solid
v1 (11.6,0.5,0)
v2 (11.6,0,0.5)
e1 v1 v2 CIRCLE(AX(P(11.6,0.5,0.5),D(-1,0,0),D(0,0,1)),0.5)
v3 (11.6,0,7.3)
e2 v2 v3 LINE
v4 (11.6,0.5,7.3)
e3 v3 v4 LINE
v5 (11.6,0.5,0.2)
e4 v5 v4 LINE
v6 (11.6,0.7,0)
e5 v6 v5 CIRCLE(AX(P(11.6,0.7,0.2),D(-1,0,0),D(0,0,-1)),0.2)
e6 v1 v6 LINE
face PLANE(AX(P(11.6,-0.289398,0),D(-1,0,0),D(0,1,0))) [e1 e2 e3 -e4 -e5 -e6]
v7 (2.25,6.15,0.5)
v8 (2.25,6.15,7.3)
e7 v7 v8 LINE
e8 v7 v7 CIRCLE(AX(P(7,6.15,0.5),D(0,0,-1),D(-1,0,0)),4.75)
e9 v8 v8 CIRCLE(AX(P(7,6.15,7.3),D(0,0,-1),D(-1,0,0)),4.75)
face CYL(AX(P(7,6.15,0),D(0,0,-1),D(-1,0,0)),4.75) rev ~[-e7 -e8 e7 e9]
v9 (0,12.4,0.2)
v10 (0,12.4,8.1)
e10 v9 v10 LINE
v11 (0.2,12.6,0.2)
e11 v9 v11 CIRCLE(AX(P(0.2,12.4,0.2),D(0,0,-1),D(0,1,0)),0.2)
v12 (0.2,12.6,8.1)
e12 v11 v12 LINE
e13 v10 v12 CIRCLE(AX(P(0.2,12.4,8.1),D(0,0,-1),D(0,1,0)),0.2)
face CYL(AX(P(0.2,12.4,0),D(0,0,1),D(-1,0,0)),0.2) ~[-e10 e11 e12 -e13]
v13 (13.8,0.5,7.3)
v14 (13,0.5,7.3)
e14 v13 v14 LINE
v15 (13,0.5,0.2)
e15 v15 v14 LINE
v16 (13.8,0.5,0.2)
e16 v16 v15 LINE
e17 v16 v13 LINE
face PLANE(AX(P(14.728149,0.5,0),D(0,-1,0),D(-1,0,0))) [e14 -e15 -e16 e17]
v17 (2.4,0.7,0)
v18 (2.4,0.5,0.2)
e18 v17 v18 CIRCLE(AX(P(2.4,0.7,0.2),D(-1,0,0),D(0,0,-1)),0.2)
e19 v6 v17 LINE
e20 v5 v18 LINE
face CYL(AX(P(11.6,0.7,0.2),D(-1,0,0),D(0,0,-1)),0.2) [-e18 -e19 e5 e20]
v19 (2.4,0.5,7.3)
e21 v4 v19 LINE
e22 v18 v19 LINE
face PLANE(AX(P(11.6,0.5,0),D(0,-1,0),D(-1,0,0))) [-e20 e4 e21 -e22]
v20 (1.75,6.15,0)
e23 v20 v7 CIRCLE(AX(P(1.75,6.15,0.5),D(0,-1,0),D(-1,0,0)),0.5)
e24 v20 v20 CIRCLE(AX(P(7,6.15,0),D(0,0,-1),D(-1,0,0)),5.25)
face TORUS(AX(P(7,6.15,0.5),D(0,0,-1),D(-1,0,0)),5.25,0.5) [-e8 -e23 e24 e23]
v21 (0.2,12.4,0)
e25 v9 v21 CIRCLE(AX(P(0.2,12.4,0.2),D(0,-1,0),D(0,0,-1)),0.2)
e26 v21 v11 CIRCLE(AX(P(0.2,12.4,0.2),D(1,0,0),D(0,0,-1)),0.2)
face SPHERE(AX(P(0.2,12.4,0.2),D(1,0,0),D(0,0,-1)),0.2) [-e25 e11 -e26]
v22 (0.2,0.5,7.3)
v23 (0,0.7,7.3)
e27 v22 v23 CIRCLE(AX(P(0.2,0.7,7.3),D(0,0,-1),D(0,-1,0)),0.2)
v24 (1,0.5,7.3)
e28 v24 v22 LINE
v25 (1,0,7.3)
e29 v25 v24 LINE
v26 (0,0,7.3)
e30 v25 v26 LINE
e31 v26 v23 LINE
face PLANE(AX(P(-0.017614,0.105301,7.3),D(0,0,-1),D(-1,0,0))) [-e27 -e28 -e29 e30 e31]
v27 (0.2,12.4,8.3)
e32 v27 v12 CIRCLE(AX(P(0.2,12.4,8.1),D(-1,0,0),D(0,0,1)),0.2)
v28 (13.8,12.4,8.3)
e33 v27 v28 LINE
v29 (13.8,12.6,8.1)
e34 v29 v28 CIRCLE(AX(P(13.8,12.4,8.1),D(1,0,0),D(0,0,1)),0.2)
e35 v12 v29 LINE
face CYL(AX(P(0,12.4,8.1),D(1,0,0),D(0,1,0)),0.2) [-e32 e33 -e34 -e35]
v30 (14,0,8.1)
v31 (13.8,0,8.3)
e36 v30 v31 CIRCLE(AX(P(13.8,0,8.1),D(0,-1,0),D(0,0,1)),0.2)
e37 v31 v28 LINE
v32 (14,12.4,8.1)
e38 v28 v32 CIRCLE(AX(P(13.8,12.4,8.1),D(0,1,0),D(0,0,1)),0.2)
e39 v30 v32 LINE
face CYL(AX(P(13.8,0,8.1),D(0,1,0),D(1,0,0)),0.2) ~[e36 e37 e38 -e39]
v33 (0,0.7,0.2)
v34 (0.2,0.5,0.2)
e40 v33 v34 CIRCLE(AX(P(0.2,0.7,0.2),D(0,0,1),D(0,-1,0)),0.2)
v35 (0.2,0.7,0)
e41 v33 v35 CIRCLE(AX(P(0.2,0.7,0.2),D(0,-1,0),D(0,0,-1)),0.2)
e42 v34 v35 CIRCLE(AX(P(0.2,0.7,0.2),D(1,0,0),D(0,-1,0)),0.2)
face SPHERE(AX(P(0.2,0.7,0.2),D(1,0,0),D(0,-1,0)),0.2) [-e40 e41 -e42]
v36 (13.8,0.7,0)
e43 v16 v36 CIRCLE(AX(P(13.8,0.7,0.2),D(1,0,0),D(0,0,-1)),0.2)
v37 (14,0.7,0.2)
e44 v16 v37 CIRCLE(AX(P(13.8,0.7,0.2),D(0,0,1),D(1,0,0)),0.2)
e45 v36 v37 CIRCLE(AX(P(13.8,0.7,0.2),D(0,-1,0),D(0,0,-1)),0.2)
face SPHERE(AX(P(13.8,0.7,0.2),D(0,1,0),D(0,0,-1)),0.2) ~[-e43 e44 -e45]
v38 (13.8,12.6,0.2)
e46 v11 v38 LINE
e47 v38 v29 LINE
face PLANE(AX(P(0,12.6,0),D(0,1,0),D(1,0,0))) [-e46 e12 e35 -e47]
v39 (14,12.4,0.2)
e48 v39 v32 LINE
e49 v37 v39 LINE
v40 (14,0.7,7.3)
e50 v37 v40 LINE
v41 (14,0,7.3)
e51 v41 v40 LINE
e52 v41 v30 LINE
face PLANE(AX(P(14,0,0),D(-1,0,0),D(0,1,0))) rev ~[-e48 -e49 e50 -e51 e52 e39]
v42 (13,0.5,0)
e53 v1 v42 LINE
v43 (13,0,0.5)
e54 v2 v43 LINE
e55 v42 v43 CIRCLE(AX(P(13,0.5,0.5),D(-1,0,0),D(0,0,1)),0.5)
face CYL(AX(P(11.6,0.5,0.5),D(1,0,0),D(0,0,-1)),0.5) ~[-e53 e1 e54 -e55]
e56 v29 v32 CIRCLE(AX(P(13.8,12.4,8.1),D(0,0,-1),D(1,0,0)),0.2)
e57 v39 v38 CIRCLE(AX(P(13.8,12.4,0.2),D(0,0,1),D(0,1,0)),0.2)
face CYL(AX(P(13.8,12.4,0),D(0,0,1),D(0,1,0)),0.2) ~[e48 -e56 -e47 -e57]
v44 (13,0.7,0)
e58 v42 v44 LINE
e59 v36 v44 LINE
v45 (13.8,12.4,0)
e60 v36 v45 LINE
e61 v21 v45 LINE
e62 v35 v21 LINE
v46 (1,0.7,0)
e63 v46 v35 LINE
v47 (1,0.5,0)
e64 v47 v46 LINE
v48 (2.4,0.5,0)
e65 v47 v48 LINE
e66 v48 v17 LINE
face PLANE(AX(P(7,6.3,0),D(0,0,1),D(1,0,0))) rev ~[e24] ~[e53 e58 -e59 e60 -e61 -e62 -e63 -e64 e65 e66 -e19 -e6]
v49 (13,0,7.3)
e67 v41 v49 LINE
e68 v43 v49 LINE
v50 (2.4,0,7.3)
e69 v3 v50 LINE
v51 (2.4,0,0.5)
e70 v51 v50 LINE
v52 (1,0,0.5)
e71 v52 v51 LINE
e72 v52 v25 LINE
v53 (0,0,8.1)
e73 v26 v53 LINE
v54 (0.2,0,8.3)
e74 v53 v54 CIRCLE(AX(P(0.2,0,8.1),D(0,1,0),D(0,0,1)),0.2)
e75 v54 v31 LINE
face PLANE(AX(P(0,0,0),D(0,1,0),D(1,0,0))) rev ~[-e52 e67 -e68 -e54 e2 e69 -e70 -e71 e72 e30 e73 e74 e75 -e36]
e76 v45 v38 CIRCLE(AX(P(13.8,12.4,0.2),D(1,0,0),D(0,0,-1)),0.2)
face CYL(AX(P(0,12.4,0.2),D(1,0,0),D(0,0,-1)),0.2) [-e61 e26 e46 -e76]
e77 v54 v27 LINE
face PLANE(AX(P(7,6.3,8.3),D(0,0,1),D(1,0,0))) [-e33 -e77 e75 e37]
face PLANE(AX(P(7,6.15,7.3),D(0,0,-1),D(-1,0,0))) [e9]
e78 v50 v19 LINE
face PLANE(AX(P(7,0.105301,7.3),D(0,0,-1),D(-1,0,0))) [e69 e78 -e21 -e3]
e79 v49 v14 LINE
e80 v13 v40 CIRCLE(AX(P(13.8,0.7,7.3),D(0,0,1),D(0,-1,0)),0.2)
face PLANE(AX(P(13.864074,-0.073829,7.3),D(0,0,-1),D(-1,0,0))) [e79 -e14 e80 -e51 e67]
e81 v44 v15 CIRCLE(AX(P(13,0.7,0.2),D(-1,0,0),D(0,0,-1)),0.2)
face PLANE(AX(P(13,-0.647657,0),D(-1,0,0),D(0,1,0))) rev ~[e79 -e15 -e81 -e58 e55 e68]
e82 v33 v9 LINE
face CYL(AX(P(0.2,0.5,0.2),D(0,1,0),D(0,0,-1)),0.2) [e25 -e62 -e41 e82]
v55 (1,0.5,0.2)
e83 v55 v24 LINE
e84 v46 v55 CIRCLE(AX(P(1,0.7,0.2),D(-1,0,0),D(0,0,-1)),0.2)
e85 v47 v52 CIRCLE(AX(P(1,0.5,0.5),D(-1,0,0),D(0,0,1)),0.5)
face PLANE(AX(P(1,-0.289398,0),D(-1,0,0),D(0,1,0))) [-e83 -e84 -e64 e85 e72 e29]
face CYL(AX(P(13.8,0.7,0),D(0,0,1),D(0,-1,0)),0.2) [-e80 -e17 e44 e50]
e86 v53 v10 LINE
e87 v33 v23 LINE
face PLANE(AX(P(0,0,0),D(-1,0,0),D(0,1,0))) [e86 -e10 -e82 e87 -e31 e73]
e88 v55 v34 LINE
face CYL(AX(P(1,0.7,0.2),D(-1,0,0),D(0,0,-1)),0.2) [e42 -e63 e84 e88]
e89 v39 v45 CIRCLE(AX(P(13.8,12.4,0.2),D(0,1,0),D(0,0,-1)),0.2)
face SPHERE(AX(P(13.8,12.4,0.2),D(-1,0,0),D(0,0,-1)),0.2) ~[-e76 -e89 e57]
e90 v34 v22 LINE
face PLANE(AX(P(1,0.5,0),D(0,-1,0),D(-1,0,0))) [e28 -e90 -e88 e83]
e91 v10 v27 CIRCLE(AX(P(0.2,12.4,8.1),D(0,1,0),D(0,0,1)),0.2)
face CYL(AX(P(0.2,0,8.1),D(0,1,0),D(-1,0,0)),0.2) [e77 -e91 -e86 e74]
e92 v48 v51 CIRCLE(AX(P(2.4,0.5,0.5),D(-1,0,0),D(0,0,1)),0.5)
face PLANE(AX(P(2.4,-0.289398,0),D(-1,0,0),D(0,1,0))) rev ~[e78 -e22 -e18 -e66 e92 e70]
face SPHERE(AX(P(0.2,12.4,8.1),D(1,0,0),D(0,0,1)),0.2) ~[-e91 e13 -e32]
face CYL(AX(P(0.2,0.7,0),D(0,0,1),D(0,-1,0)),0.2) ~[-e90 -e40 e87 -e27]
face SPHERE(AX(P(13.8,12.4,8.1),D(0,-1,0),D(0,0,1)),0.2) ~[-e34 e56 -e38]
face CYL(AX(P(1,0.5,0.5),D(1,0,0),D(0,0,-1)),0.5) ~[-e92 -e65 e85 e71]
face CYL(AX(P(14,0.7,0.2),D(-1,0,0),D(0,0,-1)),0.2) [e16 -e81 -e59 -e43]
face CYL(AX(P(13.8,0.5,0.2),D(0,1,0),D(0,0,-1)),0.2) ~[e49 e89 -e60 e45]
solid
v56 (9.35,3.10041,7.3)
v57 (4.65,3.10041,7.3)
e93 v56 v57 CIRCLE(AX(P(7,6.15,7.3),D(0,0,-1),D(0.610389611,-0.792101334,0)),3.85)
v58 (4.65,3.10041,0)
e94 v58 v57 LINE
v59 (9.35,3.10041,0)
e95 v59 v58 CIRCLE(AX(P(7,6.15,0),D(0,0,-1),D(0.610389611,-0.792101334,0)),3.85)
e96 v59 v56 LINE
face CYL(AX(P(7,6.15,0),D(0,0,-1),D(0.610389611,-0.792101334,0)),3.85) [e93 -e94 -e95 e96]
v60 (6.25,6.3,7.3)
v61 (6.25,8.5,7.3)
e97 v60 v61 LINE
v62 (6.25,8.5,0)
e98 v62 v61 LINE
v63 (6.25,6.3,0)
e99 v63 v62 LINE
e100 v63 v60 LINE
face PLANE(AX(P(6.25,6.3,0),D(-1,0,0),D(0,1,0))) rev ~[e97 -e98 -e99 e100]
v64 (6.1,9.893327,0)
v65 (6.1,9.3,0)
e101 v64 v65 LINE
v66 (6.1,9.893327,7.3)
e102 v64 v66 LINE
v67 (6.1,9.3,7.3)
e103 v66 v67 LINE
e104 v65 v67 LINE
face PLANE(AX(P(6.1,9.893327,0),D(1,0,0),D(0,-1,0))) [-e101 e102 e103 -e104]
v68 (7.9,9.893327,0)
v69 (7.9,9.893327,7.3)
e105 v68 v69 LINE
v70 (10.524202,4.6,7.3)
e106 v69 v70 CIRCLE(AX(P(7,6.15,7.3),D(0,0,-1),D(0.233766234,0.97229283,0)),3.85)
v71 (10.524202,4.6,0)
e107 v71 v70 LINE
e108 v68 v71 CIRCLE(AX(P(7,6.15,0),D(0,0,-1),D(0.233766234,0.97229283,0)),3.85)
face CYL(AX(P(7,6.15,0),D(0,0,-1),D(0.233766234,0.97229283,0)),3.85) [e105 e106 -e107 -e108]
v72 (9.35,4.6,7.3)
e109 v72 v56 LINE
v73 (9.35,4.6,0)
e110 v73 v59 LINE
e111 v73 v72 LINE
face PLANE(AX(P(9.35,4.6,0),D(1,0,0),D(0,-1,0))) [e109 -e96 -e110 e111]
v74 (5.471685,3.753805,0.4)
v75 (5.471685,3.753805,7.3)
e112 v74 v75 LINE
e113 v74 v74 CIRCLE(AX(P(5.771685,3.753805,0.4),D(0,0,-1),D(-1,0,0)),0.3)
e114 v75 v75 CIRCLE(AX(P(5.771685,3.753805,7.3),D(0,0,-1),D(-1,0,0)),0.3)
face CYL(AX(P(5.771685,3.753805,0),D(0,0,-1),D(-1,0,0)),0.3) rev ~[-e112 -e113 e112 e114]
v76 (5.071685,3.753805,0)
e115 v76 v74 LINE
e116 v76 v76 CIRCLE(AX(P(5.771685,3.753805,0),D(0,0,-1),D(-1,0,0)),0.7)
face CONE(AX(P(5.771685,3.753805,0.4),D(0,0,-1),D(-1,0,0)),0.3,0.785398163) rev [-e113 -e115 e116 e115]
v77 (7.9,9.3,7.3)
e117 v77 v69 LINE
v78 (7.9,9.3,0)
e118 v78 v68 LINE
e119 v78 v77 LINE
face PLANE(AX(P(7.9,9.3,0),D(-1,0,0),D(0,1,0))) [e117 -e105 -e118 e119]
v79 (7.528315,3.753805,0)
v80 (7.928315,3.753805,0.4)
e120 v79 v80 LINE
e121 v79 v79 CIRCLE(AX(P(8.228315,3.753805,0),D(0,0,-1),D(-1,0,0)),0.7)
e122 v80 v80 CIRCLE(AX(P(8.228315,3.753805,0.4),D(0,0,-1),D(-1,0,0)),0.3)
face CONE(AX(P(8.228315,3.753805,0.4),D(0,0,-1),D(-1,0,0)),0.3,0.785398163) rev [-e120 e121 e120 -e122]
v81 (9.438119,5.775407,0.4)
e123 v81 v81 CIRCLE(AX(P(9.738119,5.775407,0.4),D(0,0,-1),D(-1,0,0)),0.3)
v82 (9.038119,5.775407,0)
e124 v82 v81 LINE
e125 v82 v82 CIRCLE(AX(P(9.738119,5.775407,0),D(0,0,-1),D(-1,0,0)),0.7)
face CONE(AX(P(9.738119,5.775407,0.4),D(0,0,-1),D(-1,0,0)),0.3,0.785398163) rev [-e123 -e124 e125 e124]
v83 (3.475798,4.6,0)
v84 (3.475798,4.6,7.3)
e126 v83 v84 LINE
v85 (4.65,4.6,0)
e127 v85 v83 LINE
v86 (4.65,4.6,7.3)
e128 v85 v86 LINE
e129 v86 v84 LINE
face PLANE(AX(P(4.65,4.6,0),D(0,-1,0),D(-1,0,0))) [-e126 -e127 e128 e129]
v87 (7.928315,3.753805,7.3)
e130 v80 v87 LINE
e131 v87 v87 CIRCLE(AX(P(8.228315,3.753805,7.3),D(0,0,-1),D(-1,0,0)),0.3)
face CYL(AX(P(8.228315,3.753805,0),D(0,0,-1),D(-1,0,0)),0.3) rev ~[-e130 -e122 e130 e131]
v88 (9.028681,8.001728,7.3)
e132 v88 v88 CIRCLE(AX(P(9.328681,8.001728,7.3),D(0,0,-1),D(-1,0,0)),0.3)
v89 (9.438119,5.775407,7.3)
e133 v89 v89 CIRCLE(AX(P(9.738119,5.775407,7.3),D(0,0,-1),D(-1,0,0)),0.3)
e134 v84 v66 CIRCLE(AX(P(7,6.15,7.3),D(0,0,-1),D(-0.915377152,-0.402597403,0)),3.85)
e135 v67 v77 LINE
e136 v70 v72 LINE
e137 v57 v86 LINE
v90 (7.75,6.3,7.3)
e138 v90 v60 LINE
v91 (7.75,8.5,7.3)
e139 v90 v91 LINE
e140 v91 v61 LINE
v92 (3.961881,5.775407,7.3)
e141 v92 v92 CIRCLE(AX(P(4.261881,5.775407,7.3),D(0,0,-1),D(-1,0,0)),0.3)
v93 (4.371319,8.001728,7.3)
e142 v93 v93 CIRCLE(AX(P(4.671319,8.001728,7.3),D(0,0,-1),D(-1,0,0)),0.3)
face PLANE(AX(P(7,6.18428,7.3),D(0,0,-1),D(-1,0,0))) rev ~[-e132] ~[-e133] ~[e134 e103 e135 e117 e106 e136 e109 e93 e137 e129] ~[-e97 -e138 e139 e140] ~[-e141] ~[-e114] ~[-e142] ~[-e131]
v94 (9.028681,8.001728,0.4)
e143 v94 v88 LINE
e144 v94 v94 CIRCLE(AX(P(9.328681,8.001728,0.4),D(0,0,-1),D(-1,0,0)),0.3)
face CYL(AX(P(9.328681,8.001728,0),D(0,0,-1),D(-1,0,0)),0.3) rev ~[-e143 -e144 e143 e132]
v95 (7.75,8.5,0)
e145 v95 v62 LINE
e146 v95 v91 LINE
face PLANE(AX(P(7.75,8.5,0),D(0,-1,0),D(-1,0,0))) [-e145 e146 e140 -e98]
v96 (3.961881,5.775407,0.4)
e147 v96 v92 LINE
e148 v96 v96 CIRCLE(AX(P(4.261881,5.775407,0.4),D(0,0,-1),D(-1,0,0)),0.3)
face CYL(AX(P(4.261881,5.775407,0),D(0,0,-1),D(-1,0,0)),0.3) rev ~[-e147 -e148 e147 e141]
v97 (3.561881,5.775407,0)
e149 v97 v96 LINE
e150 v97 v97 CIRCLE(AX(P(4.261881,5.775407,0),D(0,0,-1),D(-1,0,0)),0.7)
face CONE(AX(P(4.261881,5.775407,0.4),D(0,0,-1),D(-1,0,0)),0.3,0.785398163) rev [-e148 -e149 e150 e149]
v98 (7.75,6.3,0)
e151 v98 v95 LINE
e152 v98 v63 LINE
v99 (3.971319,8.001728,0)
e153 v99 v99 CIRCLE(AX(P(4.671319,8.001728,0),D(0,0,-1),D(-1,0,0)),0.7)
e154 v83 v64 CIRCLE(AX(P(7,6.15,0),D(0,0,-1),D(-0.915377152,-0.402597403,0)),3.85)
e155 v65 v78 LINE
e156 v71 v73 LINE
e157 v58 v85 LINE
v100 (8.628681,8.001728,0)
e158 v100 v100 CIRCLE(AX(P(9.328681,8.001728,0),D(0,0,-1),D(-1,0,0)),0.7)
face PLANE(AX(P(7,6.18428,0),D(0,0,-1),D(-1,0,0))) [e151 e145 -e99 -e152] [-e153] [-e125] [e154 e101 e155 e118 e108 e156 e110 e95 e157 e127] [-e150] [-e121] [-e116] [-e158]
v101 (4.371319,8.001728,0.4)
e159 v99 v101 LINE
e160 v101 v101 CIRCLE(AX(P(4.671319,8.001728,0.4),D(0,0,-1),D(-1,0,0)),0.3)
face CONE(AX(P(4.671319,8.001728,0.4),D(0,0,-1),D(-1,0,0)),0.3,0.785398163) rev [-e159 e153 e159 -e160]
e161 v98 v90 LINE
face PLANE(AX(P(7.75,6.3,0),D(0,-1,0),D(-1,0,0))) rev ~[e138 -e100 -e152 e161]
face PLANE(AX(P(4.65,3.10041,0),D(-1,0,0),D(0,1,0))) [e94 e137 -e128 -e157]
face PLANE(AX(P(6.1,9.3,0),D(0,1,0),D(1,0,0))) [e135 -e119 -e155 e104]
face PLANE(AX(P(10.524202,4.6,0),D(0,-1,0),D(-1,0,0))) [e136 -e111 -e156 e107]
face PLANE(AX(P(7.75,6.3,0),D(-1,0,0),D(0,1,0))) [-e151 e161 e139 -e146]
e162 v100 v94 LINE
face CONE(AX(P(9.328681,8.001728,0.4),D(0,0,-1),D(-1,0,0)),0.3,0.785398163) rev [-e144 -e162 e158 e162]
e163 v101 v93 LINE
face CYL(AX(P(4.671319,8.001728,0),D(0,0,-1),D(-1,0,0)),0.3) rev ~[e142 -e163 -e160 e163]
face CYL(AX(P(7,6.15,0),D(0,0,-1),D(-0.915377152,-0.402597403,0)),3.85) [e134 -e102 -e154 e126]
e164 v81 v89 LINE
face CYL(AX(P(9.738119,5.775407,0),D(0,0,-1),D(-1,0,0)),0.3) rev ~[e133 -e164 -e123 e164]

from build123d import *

# Parameters (mm, degrees)
CROQUIS1_W            = 14
CROQUIS1_H            = 12.6
EXTRUIR1_DEPTH        = 8.3
CROQUIS2_R            = 4.75
CORTAR_EXTRUIR1_DEPTH = 7.3
REDONDEO1_R           = 0.5
CROQUIS3_W            = 9.2
CROQUIS3_H            = 0.789398471
CROQUIS3_W_2          = 2.03522765
CROQUIS3_W_3          = 1.728148887
CROQUIS3_H_2          = 1.147657029
CORTAR_EXTRUIR2_DEPTH = 7.3
REDONDEO2_R           = 0.5
EXTRUIR2_DEPTH        = 7.3
CROQUIS5_W            = 1.5
CROQUIS5_H            = 2.2
CROQUIS5_R            = 0.3
CORTAR_EXTRUIR3_DEPTH = 7.3
CHAFL_N1_SIZE         = 0.4
REDONDEO3_R           = 0.2


with BuildPart() as part:
    # Croquis1 → Extruir1 (new body)
    with BuildSketch(Plane.XY):
        with Locations((7, 6.3)):
            Rectangle(CROQUIS1_W, CROQUIS1_H)
    extrude(amount=EXTRUIR1_DEPTH)

    # Croquis2 → Cortar-Extruir1 (cut)
    with BuildSketch(Plane(origin=(0, 0, 0), x_dir=(-1, 0, 0), z_dir=(0, 0, -1))):
        with Locations((-7, 6.15)):
            Circle(CROQUIS2_R)
    extrude(amount=-CORTAR_EXTRUIR1_DEPTH, mode=Mode.SUBTRACT)

    # Redondeo1
    redondeo1_edges = [part.edges().sort_by_distance(p)[0] for p in [
        (11.75, 6.15, 0),
    ]]
    fillet(redondeo1_edges, radius=REDONDEO1_R)

    # Croquis3 → Cortar-Extruir2 (cut)
    with BuildSketch(Plane(origin=(0, 0, 0), x_dir=(-1, 0, 0), z_dir=(0, 0, -1))):
        with Locations((-7, 0.105300765)):
            Rectangle(CROQUIS3_W, CROQUIS3_H)
        with Locations((0.017613825, 0.105300765)):
            Rectangle(CROQUIS3_W_2, CROQUIS3_H)
        with Locations((-13.864074444, -0.073828514)):
            Rectangle(CROQUIS3_W_3, CROQUIS3_H_2)
    extrude(amount=-CORTAR_EXTRUIR2_DEPTH, mode=Mode.SUBTRACT)

    # Redondeo2
    redondeo2_edges = [part.edges().sort_by_distance(p)[0] for p in [
        (1.7, 0, 0),
        (12.3, 0, 0),
    ]]
    fillet(redondeo2_edges, radius=REDONDEO2_R)

    # Redondeo3
    redondeo3_edges = [part.edges().sort_by_distance(p)[0] for p in [
        (14, 6.3, 8.3),
        (7, 12.6, 8.3),
        (0.5, 0.5, 0),
        (0, 0.5, 3.65),
        (0, 6.3, 8.3),
        (7, 0.5, 0),
        (7, 12.6, 0),
        (14, 6.55, 0),
        (0, 6.55, 0),
        (13.5, 0.5, 0),
        (14, 0.5, 3.65),
        (0, 12.6, 4.15),
        (14, 12.6, 4.15),
    ]]
    fillet(redondeo3_edges, radius=REDONDEO3_R)


with BuildPart() as body_2:
    # Croquis4 → Extruir2 (new body)
    with BuildSketch(Plane(origin=(0, 0, 0), x_dir=(-1, 0, 0), z_dir=(0, 0, -1))):
        with BuildLine():
            Line((-10.524202037, 4.6), (-9.35, 4.6))
            Line((-9.35, 4.6), (-9.35, 3.100409864))
            ThreePointArc((-9.35, 3.100409864), (-7, 2.3), (-4.65, 3.100409864))
            Line((-4.65, 3.100409864), (-4.65, 4.6))
            Line((-4.65, 4.6), (-3.475797963, 4.6))
            ThreePointArc((-3.475797963, 4.6), (-3.550620396, 7.860052733), (-6.1, 9.893327397))
            Line((-6.1, 9.893327397), (-6.1, 9.3))
            Line((-6.1, 9.3), (-7.9, 9.3))
            Line((-7.9, 9.3), (-7.9, 9.893327397))
            ThreePointArc((-7.9, 9.893327397), (-10.449379604, 7.860052733), (-10.524202037, 4.6))
        make_face()
    extrude(amount=-EXTRUIR2_DEPTH)

    # Croquis5 → Cortar-Extruir3 (cut)
    with BuildSketch(Plane(origin=(0, 0, 0), x_dir=(-1, 0, 0), z_dir=(0, 0, -1))):
        with Locations((-7, 7.4)):
            Rectangle(CROQUIS5_W, CROQUIS5_H)
        with Locations((-4.671319375, 8.001728149)):
            Circle(CROQUIS5_R)
        with Locations((-4.261881024, 5.775407112)):
            Circle(CROQUIS5_R)
        with Locations((-9.328680625, 8.001728149)):
            Circle(CROQUIS5_R)
        with Locations((-9.738118976, 5.775407112)):
            Circle(CROQUIS5_R)
        with Locations((-8.228315055, 3.753805251)):
            Circle(CROQUIS5_R)
        with Locations((-5.771684945, 3.753805251)):
            Circle(CROQUIS5_R)
    extrude(amount=-CORTAR_EXTRUIR3_DEPTH, mode=Mode.SUBTRACT)

    # Chaflán1
    chafl_n1_edges = [body_2.edges().sort_by_distance(p)[0] for p in [
        (4.971319375, 8.001728149, 0),
        (4.561881024, 5.775407112, 0),
        (9.628680625, 8.001728149, 0),
        (10.038118976, 5.775407112, 0),
        (8.528315055, 3.753805251, 0),
        (6.071684945, 3.753805251, 0),
    ]]
    chamfer(chafl_n1_edges, length=CHAFL_N1_SIZE)


solid = Compound([part.part, body_2.part])
